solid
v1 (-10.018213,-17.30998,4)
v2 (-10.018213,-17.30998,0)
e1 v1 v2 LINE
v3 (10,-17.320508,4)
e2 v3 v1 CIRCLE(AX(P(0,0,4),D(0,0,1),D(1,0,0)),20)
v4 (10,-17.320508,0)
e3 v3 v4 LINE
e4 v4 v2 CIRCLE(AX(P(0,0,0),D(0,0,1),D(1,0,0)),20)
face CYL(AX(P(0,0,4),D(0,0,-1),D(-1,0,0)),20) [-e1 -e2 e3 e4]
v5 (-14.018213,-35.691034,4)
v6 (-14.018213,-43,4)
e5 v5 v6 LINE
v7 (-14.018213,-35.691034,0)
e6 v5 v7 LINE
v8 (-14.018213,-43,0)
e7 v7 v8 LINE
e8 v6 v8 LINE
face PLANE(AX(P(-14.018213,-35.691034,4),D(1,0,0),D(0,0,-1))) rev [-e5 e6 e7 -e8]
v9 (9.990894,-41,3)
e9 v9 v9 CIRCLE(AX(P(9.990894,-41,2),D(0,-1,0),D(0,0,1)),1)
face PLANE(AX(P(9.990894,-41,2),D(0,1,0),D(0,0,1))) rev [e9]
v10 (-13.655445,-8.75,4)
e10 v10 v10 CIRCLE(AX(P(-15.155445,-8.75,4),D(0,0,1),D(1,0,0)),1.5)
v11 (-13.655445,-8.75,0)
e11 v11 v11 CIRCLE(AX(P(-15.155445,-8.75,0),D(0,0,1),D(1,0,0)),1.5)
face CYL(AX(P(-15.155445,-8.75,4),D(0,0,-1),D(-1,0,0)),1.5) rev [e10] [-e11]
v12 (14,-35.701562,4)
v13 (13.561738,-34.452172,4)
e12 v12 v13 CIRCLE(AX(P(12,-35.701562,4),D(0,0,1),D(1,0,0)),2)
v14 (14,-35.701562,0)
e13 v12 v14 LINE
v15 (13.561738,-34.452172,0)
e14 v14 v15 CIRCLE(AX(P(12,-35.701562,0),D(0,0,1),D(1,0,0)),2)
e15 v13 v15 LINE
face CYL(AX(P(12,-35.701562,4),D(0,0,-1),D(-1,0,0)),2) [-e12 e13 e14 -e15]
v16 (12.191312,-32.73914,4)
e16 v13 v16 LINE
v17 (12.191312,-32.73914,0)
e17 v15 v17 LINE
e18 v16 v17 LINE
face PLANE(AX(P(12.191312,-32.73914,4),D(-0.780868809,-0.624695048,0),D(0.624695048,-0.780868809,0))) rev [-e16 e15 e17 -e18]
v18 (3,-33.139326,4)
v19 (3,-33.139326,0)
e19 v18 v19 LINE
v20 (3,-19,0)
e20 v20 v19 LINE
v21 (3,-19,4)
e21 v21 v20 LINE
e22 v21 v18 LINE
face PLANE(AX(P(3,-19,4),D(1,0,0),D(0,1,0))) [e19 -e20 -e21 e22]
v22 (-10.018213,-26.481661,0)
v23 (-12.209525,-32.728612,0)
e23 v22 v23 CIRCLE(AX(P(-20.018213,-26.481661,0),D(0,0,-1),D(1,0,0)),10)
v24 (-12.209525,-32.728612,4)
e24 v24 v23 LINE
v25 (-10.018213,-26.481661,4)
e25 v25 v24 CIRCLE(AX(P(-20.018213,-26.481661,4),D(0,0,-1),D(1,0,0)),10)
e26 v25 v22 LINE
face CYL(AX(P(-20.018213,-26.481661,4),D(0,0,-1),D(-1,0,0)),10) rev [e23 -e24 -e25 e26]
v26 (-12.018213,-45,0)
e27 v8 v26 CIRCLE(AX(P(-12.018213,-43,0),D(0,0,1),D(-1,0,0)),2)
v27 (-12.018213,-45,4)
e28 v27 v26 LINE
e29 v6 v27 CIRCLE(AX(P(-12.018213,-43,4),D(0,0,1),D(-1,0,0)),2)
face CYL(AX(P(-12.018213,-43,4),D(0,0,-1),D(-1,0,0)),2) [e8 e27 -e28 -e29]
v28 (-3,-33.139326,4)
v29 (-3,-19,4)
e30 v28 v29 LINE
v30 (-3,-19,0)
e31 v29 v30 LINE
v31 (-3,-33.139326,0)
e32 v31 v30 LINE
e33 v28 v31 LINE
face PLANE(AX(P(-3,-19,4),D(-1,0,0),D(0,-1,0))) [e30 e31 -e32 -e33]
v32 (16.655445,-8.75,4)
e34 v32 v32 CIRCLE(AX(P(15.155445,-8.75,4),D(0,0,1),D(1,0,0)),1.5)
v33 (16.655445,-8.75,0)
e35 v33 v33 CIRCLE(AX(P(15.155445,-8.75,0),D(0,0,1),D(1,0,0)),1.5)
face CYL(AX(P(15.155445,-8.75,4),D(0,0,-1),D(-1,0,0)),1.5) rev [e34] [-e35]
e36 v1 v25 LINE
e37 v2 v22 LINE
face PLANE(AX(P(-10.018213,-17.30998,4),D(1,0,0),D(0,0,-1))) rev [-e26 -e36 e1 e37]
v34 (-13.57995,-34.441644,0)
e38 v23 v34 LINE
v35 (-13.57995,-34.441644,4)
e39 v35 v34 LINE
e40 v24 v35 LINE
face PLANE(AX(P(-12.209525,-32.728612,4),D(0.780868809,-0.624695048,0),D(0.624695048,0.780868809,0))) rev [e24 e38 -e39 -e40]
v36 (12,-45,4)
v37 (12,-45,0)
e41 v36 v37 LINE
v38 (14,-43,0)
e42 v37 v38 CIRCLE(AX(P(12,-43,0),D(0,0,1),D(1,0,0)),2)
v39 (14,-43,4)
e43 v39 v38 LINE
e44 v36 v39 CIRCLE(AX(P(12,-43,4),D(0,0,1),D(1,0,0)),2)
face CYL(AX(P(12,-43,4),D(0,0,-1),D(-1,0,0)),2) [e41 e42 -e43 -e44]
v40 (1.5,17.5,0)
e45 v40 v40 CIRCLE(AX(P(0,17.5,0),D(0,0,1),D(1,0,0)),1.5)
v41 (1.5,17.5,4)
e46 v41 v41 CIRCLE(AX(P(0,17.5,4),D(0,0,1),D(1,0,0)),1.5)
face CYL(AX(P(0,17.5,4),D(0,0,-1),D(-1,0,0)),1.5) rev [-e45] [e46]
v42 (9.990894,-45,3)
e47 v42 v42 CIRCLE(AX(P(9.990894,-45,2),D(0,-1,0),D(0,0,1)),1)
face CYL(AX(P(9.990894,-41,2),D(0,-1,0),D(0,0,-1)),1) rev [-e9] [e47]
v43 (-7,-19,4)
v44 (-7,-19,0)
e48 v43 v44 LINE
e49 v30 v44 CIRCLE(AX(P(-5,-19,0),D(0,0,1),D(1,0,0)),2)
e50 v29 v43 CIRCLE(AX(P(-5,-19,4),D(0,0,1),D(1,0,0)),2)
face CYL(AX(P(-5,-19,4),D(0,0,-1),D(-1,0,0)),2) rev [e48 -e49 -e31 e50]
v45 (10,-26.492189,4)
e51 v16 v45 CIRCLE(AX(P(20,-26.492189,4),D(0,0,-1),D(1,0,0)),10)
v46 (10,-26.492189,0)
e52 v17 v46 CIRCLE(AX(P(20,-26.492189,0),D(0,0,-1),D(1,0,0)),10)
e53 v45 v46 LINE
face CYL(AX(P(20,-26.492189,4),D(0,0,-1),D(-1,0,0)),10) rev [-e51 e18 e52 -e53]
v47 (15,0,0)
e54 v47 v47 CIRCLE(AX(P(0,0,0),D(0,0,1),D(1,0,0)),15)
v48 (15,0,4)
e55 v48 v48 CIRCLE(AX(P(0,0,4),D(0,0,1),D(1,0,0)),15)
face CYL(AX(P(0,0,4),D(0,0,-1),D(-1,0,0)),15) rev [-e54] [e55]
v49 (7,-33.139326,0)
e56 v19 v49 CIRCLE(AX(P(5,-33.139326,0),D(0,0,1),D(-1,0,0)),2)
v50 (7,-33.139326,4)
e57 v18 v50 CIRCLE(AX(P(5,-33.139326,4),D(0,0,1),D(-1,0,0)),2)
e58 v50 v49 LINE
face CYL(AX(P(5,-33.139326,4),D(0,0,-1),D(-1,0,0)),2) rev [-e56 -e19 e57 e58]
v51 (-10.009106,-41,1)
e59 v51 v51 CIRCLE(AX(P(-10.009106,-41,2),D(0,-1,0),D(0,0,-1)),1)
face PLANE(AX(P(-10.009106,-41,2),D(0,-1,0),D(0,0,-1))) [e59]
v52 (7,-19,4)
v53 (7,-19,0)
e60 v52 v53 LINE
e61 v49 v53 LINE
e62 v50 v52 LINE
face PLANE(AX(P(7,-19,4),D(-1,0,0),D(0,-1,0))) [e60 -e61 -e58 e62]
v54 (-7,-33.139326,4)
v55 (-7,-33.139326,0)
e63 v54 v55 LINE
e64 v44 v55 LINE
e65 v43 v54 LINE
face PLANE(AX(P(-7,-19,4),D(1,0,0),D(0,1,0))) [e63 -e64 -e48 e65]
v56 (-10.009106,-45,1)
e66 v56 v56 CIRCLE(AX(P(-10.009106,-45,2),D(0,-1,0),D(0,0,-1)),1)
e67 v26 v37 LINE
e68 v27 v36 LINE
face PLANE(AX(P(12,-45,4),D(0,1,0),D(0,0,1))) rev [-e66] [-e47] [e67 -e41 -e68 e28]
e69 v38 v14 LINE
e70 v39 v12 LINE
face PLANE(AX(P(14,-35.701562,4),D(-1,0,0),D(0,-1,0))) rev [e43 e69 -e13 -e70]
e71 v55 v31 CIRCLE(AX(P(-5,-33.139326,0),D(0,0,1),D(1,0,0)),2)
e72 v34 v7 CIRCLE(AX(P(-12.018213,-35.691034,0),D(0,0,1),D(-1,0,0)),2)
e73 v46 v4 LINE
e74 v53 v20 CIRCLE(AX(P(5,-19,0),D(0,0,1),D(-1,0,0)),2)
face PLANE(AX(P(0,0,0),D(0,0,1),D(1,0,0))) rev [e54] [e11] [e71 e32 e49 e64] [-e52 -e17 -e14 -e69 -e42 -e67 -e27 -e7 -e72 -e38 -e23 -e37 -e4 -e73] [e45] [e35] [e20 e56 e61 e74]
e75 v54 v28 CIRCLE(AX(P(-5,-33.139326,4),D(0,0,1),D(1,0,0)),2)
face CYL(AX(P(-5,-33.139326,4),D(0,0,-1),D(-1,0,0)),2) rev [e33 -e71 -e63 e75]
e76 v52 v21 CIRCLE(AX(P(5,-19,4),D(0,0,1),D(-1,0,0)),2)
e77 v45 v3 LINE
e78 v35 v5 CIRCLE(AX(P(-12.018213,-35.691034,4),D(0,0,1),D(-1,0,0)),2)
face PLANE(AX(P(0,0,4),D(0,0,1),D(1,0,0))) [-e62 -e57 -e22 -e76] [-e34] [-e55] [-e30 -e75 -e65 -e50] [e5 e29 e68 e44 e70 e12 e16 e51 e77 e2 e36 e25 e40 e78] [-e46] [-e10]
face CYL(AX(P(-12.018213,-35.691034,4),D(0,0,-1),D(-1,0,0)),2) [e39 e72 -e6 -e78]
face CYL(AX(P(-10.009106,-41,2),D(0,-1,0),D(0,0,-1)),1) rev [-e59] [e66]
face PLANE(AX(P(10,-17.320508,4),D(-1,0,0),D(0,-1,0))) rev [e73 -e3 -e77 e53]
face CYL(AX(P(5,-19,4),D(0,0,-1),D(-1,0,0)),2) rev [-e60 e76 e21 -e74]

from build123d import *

# Parameters (mm, degrees)
SKETCH1_R           = 15
SKETCH1_R_2         = 1.5
BOSS_EXTRUDE1_DEPTH = 4
SKETCH2_R           = 1
CUT_EXTRUDE1_DEPTH  = 4


with BuildPart() as part:
    # Sketch1 → Boss-Extrude1 (new body)
    with BuildSketch(Plane.XY):
        with BuildLine():
            Line((12.191311906, -32.739139882), (13.561737619, -34.452172024))
            ThreePointArc((13.561737619, -34.452172024), (13.887256638, -35.039548236), (14, -35.701562119))
            Line((14, -35.701562119), (14, -43))
            ThreePointArc((14, -43), (13.414213562, -44.414213562), (12, -45))
            Line((12, -45), (-12.018212743, -45))
            ThreePointArc((-12.018212743, -45), (-13.432426305, -44.414213562), (-14.018212743, -43))
            Line((-14.018212743, -43), (-14.018212743, -35.691034212))
            ThreePointArc((-14.018212743, -35.691034212), (-13.905469381, -35.029020329), (-13.579950362, -34.441644117))
            Line((-13.579950362, -34.441644117), (-12.209524648, -32.728611975))
            ThreePointArc((-12.209524648, -32.728611975), (-10.581929551, -29.791730914), (-10.018212743, -26.481661499))
            Line((-10.018212743, -26.481661499), (-10.018212743, -17.309980169))
            ThreePointArc((-10.018212743, -17.309980169), (0.010518327, 19.999997234), (10, -17.320508076))
            Line((10, -17.320508076), (10, -26.492189406))
            ThreePointArc((10, -26.492189406), (10.563716808, -29.802258821), (12.191311906, -32.739139882))
        make_face()
        Circle(SKETCH1_R, mode=Mode.SUBTRACT)
        with Locations((0, 17.5)):
            Circle(SKETCH1_R_2, mode=Mode.SUBTRACT)
        with Locations((15.155444566, -8.75)):
            Circle(SKETCH1_R_2, mode=Mode.SUBTRACT)
        with Locations((-15.155444566, -8.75)):
            Circle(SKETCH1_R_2, mode=Mode.SUBTRACT)
        with BuildLine():
            Line((-3, -19), (-3, -33.13932584))
            ThreePointArc((-3, -33.13932584), (-5, -35.13932584), (-7, -33.13932584))
            Line((-7, -33.13932584), (-7, -19))
            ThreePointArc((-7, -19), (-5, -17), (-3, -19))
        make_face(mode=Mode.SUBTRACT)
        with BuildLine():
            Line((3, -19), (3, -33.13932584))
            ThreePointArc((3, -33.13932584), (5, -35.13932584), (7, -33.13932584))
            Line((7, -33.13932584), (7, -19))
            ThreePointArc((7, -19), (5, -17), (3, -19))
        make_face(mode=Mode.SUBTRACT)
    extrude(amount=BOSS_EXTRUDE1_DEPTH)

    # Sketch2 → Cut-Extrude1 (cut)
    with BuildSketch(Plane.XZ.offset(45)):
        with Locations((-10.009106371, 2)):
            Circle(SKETCH2_R)
        with Locations((9.990893629, 2)):
            Circle(SKETCH2_R)
    extrude(amount=-CUT_EXTRUDE1_DEPTH, mode=Mode.SUBTRACT)


solid = part.part
